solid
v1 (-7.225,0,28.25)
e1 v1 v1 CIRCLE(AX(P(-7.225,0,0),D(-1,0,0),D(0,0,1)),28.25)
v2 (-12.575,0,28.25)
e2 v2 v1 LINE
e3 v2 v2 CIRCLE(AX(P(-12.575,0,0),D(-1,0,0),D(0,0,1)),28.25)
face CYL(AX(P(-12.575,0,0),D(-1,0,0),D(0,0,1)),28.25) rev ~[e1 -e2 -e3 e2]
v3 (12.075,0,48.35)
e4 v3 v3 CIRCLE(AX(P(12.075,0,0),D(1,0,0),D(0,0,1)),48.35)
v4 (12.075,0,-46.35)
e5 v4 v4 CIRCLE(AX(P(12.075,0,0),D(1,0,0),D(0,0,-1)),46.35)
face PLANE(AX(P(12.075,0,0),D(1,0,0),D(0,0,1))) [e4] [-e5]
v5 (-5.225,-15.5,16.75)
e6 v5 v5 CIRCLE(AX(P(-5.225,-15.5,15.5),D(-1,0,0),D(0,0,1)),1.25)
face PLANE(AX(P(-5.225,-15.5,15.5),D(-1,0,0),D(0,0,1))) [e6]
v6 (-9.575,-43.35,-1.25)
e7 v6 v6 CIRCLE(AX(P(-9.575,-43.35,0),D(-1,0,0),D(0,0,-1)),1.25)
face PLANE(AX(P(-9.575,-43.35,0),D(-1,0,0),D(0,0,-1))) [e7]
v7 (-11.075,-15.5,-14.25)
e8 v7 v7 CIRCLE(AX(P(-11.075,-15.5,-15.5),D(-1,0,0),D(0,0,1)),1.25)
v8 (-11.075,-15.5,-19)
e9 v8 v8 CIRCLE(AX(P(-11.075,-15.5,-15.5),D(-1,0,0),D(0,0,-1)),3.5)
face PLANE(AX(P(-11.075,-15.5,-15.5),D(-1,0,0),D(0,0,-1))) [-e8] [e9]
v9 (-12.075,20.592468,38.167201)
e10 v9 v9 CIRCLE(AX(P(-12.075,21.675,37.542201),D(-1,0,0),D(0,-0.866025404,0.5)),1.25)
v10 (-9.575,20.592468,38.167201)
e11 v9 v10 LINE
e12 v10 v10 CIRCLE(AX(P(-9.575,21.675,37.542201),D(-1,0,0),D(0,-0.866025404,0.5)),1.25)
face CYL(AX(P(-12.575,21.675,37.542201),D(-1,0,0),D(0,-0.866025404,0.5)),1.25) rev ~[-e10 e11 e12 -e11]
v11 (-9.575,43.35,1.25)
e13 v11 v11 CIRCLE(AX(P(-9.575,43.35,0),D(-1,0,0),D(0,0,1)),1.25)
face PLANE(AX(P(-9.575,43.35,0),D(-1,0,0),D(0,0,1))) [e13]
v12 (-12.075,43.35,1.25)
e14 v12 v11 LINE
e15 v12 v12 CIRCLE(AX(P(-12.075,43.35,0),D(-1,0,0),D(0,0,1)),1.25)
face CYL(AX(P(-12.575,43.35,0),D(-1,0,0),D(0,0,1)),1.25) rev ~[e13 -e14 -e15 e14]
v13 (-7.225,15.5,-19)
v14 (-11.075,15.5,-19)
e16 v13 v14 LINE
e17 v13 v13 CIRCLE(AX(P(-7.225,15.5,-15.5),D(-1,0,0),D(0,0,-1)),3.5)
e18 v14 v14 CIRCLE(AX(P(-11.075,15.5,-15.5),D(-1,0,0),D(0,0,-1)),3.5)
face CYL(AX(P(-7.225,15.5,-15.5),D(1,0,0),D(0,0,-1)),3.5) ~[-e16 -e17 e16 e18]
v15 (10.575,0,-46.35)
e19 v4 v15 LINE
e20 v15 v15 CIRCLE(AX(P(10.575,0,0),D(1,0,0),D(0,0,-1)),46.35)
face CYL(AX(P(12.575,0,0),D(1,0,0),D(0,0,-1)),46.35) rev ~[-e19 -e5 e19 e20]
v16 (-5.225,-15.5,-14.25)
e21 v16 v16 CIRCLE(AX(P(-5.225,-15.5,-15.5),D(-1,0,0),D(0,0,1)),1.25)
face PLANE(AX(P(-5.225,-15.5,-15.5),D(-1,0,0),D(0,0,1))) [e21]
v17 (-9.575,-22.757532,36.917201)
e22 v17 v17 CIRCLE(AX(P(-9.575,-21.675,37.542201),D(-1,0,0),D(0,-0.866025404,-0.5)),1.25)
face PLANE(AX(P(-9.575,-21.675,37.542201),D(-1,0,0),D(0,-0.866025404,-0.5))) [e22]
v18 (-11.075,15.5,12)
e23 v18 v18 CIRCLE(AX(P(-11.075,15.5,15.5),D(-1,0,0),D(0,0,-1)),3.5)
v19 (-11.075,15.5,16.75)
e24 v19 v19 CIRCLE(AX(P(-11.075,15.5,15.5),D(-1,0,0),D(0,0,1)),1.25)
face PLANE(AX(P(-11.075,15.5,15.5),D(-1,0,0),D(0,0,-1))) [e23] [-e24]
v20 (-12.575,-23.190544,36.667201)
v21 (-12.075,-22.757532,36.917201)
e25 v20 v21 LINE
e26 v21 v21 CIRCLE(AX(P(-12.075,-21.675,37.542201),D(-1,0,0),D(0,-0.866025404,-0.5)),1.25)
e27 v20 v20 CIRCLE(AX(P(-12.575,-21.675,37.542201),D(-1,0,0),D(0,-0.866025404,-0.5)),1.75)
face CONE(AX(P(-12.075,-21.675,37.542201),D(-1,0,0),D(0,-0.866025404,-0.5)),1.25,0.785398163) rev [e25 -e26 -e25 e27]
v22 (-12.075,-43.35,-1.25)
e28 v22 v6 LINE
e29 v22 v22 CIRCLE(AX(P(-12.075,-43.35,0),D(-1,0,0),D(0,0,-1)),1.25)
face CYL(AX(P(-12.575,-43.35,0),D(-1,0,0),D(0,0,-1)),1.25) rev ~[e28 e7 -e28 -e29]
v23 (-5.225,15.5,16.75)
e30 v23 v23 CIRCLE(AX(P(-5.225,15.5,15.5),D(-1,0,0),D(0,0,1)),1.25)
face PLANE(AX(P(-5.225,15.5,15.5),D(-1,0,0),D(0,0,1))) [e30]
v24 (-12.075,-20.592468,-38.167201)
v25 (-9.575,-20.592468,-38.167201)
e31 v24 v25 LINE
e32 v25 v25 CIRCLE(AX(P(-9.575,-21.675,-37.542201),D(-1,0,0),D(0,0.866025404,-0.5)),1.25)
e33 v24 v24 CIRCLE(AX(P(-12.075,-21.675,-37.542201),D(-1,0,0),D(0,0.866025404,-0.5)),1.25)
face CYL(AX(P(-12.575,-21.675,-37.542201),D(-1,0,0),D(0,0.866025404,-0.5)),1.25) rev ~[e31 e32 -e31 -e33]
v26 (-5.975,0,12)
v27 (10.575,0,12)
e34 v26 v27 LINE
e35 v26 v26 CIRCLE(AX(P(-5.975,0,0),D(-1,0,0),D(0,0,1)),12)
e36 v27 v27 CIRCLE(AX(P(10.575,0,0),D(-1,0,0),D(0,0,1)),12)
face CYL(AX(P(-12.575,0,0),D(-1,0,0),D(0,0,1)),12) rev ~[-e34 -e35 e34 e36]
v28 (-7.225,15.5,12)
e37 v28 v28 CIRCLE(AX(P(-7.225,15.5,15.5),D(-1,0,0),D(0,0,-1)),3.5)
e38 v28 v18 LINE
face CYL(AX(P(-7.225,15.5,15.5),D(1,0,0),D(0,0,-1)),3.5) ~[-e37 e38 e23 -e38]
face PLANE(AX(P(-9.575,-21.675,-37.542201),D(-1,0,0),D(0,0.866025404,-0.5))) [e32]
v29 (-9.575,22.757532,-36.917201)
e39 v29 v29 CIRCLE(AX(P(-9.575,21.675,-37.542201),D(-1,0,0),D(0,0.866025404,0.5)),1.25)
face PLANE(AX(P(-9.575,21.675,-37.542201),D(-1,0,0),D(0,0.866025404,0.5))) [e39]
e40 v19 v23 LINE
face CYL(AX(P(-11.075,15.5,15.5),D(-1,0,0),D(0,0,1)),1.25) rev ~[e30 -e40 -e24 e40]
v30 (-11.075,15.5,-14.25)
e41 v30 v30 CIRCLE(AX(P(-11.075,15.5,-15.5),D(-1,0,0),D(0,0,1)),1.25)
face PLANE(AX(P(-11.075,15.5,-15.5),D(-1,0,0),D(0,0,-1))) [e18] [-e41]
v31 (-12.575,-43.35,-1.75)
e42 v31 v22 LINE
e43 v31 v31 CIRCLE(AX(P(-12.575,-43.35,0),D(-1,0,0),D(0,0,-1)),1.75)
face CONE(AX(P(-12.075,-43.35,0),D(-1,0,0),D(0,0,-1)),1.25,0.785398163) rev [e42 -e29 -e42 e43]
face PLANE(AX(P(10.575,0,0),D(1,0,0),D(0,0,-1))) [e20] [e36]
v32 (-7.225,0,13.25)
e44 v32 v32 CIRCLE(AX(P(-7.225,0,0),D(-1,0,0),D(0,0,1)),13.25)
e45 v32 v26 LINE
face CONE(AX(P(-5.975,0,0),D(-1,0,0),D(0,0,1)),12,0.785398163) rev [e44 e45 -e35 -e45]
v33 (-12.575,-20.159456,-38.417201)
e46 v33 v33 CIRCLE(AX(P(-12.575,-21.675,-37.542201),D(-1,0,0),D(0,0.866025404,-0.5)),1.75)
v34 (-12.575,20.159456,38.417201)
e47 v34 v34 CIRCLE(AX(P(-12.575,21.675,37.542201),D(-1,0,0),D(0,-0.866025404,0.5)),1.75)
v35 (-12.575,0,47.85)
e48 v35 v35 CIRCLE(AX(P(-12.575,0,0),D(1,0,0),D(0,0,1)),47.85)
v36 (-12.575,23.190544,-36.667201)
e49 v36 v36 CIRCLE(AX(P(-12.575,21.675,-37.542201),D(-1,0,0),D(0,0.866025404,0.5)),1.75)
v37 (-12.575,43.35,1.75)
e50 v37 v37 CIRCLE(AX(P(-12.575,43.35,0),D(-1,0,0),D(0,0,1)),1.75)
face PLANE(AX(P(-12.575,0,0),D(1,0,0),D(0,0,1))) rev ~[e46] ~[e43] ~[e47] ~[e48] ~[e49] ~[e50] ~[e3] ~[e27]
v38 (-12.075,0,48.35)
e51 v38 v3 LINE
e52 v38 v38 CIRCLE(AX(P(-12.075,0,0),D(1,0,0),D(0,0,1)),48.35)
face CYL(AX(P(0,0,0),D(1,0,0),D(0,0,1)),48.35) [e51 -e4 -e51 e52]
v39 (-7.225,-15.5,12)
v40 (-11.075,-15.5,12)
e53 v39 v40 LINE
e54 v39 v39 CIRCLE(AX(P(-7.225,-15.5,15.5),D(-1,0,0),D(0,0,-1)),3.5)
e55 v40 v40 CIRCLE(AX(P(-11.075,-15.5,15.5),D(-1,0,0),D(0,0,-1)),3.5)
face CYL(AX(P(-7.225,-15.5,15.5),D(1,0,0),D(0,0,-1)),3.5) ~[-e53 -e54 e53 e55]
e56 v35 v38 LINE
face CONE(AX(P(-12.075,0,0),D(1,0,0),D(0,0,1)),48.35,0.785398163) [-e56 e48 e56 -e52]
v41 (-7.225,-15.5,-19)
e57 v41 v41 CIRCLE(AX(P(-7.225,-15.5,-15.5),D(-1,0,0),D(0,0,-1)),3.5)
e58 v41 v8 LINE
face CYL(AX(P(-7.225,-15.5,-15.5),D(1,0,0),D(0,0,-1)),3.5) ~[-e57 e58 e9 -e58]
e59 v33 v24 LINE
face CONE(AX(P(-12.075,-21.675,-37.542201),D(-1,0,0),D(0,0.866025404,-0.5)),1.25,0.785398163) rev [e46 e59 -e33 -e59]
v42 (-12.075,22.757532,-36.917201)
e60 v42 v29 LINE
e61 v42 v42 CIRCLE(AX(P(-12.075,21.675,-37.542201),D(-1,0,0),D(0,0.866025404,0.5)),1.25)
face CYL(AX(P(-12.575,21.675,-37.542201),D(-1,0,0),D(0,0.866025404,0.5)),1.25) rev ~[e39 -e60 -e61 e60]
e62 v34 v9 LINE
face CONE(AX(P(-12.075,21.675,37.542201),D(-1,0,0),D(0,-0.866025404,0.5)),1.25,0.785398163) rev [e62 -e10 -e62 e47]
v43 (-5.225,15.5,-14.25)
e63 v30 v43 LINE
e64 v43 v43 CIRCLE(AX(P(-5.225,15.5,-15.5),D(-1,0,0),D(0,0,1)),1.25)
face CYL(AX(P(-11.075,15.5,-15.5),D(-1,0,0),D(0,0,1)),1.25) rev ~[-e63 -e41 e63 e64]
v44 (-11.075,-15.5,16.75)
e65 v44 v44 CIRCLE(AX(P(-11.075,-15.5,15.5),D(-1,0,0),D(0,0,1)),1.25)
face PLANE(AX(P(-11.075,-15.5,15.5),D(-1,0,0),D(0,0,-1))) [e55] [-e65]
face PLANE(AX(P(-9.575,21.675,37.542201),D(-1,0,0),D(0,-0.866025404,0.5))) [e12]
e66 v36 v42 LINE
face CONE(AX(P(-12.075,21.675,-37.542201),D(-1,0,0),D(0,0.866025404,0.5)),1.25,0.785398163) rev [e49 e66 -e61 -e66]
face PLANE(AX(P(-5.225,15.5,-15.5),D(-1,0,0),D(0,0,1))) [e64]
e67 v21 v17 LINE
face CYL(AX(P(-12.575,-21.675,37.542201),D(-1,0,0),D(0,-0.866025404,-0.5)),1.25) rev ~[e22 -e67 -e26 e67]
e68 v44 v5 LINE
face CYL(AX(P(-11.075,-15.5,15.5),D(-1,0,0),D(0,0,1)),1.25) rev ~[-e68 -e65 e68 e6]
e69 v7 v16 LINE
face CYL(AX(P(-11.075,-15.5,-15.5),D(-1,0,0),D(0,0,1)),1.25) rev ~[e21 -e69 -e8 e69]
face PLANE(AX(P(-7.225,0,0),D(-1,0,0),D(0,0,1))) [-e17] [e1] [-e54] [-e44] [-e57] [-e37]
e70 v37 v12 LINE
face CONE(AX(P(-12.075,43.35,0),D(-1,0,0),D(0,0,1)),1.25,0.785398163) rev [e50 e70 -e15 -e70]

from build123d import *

# Parameters (mm, degrees)
SKETCH1_R                    = 48.35
BOSS_EXTRUDE1_DEPTH          = 12.575
SKETCH2_R                    = 1.25
CUT_EXTRUDE1_DEPTH           = 3
CHAMFER1_SIZE                = 0.5
CIRPATTERN1_COUNT            = 6
CHAMFER1_OF_CIRPATTERN1_SIZE = 0.5
SKETCH3_R                    = 12
CUT_EXTRUDE2_DEPTH           = 25.15
CHAMFER2_SIZE                = 1.25
CHAMFER3_SIZE                = 0.5
SKETCH4_R                    = 28.25
CUT_EXTRUDE3_DEPTH           = 5.35
SKETCH5_R                    = 3.5
BOSS_EXTRUDE2_DEPTH          = 3.85
SKETCH6_R                    = 1.25
CUT_EXTRUDE4_DEPTH           = 5.85
SKETCH7_R                    = 46.35
CUT_EXTRUDE5_DEPTH           = 2
SKETCH8_R                    = 48.35
SKETCH8_R_2                  = 46.35
CUT_EXTRUDE6_DEPTH           = 0.5
CHAMFER4_SIZE                = 1.25


with BuildPart() as part:
    # Sketch1 → Boss-Extrude1 (new, symmetric)
    with BuildSketch(Plane(origin=(0, 0, 0), x_dir=(0, 0, -1), z_dir=(1, 0, 0))):
        with Locations(Location((0, 0, 0), (0, 0, 180))):
            Circle(SKETCH1_R)
    extrude(amount=BOSS_EXTRUDE1_DEPTH, both=True)

    # Sketch2 → Cut-Extrude1 (cut)
    with BuildSketch(Plane.ZY.offset(12.575)):
        with Locations((0, 43.35)):
            Circle(SKETCH2_R)
    cut_extrude1 = extrude(amount=-CUT_EXTRUDE1_DEPTH, mode=Mode.SUBTRACT)

    # Chamfer1
    chamfer1_edges = [part.edges().sort_by_distance(p)[0] for p in [
        (-12.575, 43.35, -1.25),
    ]]
    chamfer(chamfer1_edges, length=CHAMFER1_SIZE)

    # CirPattern1: Cut-Extrude1 ×6 about axis
    cirpattern1_axis = Axis((0, 0, 0), (1, 0, 0))
    for i in range(1, CIRPATTERN1_COUNT):
        add(cut_extrude1.rotate(cirpattern1_axis, i * 360 / CIRPATTERN1_COUNT), mode=Mode.SUBTRACT)

    # Chamfer1 of CirPattern1
    chamfer1_of_cirpattern1_edges = [part.edges().sort_by_distance(p)[0] for p in [
        (-12.575, 22.757531755, 36.917201254),
        (-12.575, -20.592468245, 38.167201254),
        (-12.575, -43.35, 1.25),
        (-12.575, -22.757531755, -36.917201254),
        (-12.575, 20.592468245, -38.167201254),
    ]]
    chamfer(chamfer1_of_cirpattern1_edges, length=CHAMFER1_OF_CIRPATTERN1_SIZE)

    # Sketch3 → Cut-Extrude2 (cut)
    with BuildSketch(Plane.ZY.offset(12.575)):
        Circle(SKETCH3_R)
    extrude(amount=-CUT_EXTRUDE2_DEPTH, mode=Mode.SUBTRACT)

    # Chamfer2
    chamfer2_edges = [part.edges().sort_by_distance(p)[0] for p in [
        (-12.575, 0, -12),
    ]]
    chamfer(chamfer2_edges, length=CHAMFER2_SIZE)

    # Chamfer3
    chamfer3_edges = [part.edges().sort_by_distance(p)[0] for p in [
        (-12.575, 0, -48.35),
    ]]
    chamfer(chamfer3_edges, length=CHAMFER3_SIZE)

    # Sketch4 → Cut-Extrude3 (cut)
    with BuildSketch(Plane.ZY.offset(12.575)):
        Circle(SKETCH4_R)
    extrude(amount=-CUT_EXTRUDE3_DEPTH, mode=Mode.SUBTRACT)

    # Sketch5 → Boss-Extrude2 (add)
    with BuildSketch(Plane.ZY.offset(7.225)):
        with Locations(Location((-15.5, 15.5, 0), (0, 0, 180))):
            Circle(SKETCH5_R)
        with Locations(Location((15.5, 15.5, 0), (0, 0, 180))):
            Circle(SKETCH5_R)
        with Locations(Location((15.5, -15.5, 0), (0, 0, 180))):
            Circle(SKETCH5_R)
        with Locations(Location((-15.5, -15.5, 0), (0, 0, 180))):
            Circle(SKETCH5_R)
    extrude(amount=BOSS_EXTRUDE2_DEPTH)

    # Sketch6 → Cut-Extrude4 (cut)
    with BuildSketch(Plane.ZY.offset(11.075)):
        with Locations((-15.5, 15.5)):
            Circle(SKETCH6_R)
        with Locations((15.5, 15.5)):
            Circle(SKETCH6_R)
        with Locations((15.5, -15.5)):
            Circle(SKETCH6_R)
        with Locations((-15.5, -15.5)):
            Circle(SKETCH6_R)
    extrude(amount=-CUT_EXTRUDE4_DEPTH, mode=Mode.SUBTRACT)

    # Sketch7 → Cut-Extrude5 (cut)
    with BuildSketch(Plane(origin=(12.575, 0, 0), x_dir=(0, 0, -1), z_dir=(1, 0, 0))):
        Circle(SKETCH7_R)
    extrude(amount=-CUT_EXTRUDE5_DEPTH, mode=Mode.SUBTRACT)

    # Sketch8 → Cut-Extrude6 (cut)
    with BuildSketch(Plane(origin=(12.575, 0, 0), x_dir=(0, 0, -1), z_dir=(1, 0, 0))):
        with Locations(Location((0, 0, 0), (0, 0, 180))):
            Circle(SKETCH8_R)
        Circle(SKETCH8_R_2, mode=Mode.SUBTRACT)
    extrude(amount=-CUT_EXTRUDE6_DEPTH, mode=Mode.SUBTRACT)

    # Chamfer4
    chamfer4_edges = [part.edges().sort_by_distance(p)[0] for p in [
        (-7.225, 0, -12),
    ]]
    chamfer(chamfer4_edges, length=CHAMFER4_SIZE)


solid = part.part
